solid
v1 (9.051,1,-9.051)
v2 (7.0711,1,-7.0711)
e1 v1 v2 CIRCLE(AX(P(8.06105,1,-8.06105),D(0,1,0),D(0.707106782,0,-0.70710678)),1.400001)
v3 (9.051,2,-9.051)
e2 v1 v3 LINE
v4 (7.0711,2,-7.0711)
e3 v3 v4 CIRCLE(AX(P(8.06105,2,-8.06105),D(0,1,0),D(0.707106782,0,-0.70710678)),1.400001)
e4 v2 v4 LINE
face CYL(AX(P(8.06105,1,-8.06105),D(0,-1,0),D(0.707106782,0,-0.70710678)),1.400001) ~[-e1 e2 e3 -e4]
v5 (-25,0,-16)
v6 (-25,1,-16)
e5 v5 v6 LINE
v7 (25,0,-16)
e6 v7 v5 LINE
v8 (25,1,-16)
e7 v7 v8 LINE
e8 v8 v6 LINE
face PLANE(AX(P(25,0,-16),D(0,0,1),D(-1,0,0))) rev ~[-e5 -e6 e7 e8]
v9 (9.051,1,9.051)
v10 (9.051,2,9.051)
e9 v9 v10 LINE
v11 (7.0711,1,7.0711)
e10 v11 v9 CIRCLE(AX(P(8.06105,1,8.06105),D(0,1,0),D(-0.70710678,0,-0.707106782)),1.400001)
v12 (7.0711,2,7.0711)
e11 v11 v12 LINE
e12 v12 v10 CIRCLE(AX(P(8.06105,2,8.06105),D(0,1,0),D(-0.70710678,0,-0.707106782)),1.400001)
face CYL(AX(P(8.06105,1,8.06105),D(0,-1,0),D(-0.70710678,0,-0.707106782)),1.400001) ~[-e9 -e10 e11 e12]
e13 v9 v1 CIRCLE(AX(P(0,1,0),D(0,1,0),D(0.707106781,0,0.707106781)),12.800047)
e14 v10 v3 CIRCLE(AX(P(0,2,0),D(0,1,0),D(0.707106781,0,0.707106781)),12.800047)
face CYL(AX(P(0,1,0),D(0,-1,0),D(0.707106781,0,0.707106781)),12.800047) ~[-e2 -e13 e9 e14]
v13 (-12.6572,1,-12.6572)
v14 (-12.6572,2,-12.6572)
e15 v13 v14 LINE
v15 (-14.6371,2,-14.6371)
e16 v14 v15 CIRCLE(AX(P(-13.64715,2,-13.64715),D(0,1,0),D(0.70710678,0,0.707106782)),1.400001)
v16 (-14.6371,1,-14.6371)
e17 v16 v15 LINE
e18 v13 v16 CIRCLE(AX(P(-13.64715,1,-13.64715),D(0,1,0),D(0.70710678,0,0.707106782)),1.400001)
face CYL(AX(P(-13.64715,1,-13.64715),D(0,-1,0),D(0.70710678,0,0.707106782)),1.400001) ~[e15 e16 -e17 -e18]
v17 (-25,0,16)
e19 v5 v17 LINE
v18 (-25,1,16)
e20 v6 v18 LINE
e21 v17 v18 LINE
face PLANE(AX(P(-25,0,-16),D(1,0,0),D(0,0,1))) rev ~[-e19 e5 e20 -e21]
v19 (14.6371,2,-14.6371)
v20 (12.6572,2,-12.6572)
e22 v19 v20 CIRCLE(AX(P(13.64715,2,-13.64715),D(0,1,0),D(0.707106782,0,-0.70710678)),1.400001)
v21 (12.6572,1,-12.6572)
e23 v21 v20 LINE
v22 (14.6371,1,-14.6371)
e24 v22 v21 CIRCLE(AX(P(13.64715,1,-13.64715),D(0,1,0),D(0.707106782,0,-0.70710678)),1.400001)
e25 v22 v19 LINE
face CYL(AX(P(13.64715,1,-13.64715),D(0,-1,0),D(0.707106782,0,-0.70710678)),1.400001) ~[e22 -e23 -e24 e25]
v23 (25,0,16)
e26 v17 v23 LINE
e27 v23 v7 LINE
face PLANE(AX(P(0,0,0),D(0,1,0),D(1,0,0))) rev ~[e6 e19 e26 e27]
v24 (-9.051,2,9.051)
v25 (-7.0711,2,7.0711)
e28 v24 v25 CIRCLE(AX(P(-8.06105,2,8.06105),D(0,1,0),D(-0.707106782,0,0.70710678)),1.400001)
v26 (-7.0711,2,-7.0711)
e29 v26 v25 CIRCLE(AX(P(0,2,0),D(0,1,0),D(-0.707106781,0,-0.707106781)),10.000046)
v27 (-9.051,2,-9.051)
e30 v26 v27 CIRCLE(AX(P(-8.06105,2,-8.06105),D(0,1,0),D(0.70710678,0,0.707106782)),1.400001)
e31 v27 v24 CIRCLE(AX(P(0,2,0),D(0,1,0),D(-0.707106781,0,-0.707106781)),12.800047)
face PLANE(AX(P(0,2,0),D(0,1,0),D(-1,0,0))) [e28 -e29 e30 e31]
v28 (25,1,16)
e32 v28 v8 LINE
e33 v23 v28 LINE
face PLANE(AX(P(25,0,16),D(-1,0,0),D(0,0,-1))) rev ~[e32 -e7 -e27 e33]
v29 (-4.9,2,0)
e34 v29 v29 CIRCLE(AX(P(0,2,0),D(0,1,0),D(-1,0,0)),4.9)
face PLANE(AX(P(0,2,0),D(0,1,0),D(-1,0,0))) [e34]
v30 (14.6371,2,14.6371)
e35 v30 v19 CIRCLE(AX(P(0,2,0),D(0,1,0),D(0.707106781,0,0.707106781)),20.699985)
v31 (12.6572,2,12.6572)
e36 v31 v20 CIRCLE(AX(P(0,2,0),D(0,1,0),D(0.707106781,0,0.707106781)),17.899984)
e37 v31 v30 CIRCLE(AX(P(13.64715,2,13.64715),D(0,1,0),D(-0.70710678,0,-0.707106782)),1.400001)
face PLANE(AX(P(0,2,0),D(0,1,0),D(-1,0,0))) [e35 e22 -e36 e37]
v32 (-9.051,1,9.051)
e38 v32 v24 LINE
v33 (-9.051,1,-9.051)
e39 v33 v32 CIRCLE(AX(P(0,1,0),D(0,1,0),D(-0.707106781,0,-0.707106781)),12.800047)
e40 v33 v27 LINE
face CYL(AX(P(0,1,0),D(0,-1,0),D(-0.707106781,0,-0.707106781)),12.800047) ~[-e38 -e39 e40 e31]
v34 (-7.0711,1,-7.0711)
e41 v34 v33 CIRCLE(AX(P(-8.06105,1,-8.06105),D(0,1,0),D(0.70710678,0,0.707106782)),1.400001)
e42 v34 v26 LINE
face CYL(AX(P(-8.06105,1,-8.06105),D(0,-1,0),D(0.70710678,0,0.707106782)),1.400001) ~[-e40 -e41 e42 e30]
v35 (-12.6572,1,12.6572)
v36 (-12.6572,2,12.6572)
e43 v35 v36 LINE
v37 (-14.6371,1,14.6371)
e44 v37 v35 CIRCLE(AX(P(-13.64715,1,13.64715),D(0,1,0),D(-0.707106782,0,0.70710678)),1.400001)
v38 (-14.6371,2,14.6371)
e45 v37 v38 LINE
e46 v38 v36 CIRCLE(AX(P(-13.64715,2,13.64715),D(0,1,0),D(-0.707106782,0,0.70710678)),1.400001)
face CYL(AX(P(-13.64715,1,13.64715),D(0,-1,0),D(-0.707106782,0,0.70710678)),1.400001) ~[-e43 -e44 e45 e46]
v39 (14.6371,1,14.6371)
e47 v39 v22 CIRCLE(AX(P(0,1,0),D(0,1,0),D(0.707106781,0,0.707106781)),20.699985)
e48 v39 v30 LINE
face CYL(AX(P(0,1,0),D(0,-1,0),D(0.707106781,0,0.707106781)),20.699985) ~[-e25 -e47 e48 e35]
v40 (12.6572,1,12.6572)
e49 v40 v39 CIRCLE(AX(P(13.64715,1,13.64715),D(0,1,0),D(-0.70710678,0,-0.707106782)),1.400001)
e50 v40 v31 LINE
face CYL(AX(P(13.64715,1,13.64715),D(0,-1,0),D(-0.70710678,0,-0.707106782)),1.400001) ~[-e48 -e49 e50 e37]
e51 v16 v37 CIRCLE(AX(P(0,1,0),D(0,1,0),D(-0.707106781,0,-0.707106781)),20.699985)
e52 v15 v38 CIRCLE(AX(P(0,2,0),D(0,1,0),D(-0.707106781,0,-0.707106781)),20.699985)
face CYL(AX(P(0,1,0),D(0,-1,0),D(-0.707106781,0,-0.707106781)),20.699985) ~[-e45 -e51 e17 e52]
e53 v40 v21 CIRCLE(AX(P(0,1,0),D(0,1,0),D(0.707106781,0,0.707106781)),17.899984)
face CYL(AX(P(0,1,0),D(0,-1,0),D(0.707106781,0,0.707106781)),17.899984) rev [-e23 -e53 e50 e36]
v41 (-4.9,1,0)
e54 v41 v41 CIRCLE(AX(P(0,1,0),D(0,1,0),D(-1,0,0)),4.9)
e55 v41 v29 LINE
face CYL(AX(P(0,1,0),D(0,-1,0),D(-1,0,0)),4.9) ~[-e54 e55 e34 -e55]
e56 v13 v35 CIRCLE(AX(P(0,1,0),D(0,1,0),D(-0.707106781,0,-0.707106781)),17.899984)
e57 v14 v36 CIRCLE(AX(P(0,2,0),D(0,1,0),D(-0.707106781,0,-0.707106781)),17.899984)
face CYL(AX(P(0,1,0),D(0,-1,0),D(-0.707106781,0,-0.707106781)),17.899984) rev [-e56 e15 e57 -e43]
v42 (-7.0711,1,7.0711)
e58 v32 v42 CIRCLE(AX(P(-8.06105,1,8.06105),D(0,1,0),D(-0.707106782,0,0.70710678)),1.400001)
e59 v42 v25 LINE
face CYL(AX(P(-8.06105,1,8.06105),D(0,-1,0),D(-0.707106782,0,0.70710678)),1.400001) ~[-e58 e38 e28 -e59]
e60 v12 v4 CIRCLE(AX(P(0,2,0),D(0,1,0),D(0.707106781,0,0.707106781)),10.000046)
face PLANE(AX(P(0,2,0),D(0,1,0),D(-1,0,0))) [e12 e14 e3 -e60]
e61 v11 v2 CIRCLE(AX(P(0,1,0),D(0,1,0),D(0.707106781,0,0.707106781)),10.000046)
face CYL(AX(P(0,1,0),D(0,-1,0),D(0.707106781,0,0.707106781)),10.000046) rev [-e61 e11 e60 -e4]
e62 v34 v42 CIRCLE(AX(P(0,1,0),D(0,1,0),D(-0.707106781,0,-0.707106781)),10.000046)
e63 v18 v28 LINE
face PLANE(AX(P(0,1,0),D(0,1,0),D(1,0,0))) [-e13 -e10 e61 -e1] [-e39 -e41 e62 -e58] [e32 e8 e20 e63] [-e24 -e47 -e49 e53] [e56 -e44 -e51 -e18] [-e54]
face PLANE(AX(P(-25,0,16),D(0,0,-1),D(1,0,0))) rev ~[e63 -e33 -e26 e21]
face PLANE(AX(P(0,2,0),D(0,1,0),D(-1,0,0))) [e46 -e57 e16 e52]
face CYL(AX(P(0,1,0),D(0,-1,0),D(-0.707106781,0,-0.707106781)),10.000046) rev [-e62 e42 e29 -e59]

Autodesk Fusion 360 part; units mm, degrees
sketch "Skizze1" plane through (0, 0, 0) normal (0, 1, 0) x (1, 0, 0)
  line L0 (25, 16) -> (-25, 16)
  line L1 (-25, 16) -> (-25, -16)
  line L2 (-25, -16) -> (25, -16)
  line L3 (25, -16) -> (25, 16)
  line L4 (25, 16) -> (-25, -16) construction
  line L5 (-25, 16) -> (25, -16) construction
  dimension "d1" = 50
  dimension "d2" = 32
extrude "Extrusion1" add sketch "Skizze1" along normal blind 1
sketch "Skizze2" plane through (0, 1, 0) normal (0, 1, 0) x (-1, 0, 0)
  line L0 (-25, 16) -> (-25, -16)
  line L1 (-25, -16) -> (25, -16)
  line L2 (25, -16) -> (25, 16)
  line L3 (25, 16) -> (-25, 16)
  circle A0 centre (0, 0) radius 4.9
  line L4 (0, 0) -> (0, -16) construction
  line L5 (0, 0) -> (-14.6371, -14.6371) construction
  line L6 (0, 0) -> (-14.6371, 14.6371) construction
  arc A1 (-7.0711, 7.0711) -> (-9.051, 9.051) centre (-8.061, 8.061) ccw
  arc A2 (-12.6572, 12.6572) -> (-14.6371, 14.6371) centre (-13.6472, 13.6472) ccw
  arc A3 (-9.051, 9.051) -> (-9.051, -9.051) centre (0, 0) ccw
  arc A4 (-7.0711, 7.0711) -> (-7.0711, -7.0711) centre (0, 0) ccw
  arc A5 (-14.6371, -14.6371) -> (-12.6572, -12.6572) centre (-13.6472, -13.6472) ccw
  arc A6 (-9.051, -9.051) -> (-7.0711, -7.0711) centre (-8.061, -8.061) ccw
  arc A7 (-12.6572, 12.6572) -> (-12.6572, -12.6572) centre (0, 0) ccw
  arc A8 (-14.6371, 14.6371) -> (-14.6371, -14.6371) centre (0, 0) ccw
  arc A9 (12.6572, -12.6572) -> (12.6572, 12.6572) centre (0, 0) ccw
  arc A10 (14.6371, -14.6371) -> (14.6371, 14.6371) centre (0, 0) ccw
  line L7 (25, 16) -> (25, -16)
  line L8 (0, 0) -> (14.6371, 14.6371) construction
  line L9 (25, -16) -> (-25, -16)
  arc A11 (9.051, -9.051) -> (9.051, 9.051) centre (0, 0) ccw
  arc A12 (12.6572, -12.6572) -> (14.6371, -14.6371) centre (13.6472, -13.6472) ccw
  arc A13 (7.0711, -7.0711) -> (7.0711, 7.0711) centre (0, 0) ccw
  line L10 (0, 0) -> (14.6371, -14.6371) construction
  arc A14 (9.051, 9.051) -> (7.0711, 7.0711) centre (8.061, 8.061) ccw
  line L11 (-25, 16) -> (25, 16)
  arc A15 (7.0711, -7.0711) -> (9.051, -9.051) centre (8.061, -8.061) ccw
  arc A16 (14.6371, 14.6371) -> (12.6572, 12.6572) centre (13.6472, 13.6472) ccw
  dimension "d6" = 9.8
  dimension "d7" = 2.8
  dimension "d8" = 5.1
  dimension "d9" = 5.1
  dimension "d10" = 2.8
  dimension "d11" = 45
extrude "Extrusion2" add sketch "Skizze2" along normal blind 1 contours A0 | A1 A3 A4 A6 | A2 A5 A7 A8 | A9 A10 A12 A16 | A11 A13 A14 A15
equation "d9 = d8"
equation "d10 = d7"
